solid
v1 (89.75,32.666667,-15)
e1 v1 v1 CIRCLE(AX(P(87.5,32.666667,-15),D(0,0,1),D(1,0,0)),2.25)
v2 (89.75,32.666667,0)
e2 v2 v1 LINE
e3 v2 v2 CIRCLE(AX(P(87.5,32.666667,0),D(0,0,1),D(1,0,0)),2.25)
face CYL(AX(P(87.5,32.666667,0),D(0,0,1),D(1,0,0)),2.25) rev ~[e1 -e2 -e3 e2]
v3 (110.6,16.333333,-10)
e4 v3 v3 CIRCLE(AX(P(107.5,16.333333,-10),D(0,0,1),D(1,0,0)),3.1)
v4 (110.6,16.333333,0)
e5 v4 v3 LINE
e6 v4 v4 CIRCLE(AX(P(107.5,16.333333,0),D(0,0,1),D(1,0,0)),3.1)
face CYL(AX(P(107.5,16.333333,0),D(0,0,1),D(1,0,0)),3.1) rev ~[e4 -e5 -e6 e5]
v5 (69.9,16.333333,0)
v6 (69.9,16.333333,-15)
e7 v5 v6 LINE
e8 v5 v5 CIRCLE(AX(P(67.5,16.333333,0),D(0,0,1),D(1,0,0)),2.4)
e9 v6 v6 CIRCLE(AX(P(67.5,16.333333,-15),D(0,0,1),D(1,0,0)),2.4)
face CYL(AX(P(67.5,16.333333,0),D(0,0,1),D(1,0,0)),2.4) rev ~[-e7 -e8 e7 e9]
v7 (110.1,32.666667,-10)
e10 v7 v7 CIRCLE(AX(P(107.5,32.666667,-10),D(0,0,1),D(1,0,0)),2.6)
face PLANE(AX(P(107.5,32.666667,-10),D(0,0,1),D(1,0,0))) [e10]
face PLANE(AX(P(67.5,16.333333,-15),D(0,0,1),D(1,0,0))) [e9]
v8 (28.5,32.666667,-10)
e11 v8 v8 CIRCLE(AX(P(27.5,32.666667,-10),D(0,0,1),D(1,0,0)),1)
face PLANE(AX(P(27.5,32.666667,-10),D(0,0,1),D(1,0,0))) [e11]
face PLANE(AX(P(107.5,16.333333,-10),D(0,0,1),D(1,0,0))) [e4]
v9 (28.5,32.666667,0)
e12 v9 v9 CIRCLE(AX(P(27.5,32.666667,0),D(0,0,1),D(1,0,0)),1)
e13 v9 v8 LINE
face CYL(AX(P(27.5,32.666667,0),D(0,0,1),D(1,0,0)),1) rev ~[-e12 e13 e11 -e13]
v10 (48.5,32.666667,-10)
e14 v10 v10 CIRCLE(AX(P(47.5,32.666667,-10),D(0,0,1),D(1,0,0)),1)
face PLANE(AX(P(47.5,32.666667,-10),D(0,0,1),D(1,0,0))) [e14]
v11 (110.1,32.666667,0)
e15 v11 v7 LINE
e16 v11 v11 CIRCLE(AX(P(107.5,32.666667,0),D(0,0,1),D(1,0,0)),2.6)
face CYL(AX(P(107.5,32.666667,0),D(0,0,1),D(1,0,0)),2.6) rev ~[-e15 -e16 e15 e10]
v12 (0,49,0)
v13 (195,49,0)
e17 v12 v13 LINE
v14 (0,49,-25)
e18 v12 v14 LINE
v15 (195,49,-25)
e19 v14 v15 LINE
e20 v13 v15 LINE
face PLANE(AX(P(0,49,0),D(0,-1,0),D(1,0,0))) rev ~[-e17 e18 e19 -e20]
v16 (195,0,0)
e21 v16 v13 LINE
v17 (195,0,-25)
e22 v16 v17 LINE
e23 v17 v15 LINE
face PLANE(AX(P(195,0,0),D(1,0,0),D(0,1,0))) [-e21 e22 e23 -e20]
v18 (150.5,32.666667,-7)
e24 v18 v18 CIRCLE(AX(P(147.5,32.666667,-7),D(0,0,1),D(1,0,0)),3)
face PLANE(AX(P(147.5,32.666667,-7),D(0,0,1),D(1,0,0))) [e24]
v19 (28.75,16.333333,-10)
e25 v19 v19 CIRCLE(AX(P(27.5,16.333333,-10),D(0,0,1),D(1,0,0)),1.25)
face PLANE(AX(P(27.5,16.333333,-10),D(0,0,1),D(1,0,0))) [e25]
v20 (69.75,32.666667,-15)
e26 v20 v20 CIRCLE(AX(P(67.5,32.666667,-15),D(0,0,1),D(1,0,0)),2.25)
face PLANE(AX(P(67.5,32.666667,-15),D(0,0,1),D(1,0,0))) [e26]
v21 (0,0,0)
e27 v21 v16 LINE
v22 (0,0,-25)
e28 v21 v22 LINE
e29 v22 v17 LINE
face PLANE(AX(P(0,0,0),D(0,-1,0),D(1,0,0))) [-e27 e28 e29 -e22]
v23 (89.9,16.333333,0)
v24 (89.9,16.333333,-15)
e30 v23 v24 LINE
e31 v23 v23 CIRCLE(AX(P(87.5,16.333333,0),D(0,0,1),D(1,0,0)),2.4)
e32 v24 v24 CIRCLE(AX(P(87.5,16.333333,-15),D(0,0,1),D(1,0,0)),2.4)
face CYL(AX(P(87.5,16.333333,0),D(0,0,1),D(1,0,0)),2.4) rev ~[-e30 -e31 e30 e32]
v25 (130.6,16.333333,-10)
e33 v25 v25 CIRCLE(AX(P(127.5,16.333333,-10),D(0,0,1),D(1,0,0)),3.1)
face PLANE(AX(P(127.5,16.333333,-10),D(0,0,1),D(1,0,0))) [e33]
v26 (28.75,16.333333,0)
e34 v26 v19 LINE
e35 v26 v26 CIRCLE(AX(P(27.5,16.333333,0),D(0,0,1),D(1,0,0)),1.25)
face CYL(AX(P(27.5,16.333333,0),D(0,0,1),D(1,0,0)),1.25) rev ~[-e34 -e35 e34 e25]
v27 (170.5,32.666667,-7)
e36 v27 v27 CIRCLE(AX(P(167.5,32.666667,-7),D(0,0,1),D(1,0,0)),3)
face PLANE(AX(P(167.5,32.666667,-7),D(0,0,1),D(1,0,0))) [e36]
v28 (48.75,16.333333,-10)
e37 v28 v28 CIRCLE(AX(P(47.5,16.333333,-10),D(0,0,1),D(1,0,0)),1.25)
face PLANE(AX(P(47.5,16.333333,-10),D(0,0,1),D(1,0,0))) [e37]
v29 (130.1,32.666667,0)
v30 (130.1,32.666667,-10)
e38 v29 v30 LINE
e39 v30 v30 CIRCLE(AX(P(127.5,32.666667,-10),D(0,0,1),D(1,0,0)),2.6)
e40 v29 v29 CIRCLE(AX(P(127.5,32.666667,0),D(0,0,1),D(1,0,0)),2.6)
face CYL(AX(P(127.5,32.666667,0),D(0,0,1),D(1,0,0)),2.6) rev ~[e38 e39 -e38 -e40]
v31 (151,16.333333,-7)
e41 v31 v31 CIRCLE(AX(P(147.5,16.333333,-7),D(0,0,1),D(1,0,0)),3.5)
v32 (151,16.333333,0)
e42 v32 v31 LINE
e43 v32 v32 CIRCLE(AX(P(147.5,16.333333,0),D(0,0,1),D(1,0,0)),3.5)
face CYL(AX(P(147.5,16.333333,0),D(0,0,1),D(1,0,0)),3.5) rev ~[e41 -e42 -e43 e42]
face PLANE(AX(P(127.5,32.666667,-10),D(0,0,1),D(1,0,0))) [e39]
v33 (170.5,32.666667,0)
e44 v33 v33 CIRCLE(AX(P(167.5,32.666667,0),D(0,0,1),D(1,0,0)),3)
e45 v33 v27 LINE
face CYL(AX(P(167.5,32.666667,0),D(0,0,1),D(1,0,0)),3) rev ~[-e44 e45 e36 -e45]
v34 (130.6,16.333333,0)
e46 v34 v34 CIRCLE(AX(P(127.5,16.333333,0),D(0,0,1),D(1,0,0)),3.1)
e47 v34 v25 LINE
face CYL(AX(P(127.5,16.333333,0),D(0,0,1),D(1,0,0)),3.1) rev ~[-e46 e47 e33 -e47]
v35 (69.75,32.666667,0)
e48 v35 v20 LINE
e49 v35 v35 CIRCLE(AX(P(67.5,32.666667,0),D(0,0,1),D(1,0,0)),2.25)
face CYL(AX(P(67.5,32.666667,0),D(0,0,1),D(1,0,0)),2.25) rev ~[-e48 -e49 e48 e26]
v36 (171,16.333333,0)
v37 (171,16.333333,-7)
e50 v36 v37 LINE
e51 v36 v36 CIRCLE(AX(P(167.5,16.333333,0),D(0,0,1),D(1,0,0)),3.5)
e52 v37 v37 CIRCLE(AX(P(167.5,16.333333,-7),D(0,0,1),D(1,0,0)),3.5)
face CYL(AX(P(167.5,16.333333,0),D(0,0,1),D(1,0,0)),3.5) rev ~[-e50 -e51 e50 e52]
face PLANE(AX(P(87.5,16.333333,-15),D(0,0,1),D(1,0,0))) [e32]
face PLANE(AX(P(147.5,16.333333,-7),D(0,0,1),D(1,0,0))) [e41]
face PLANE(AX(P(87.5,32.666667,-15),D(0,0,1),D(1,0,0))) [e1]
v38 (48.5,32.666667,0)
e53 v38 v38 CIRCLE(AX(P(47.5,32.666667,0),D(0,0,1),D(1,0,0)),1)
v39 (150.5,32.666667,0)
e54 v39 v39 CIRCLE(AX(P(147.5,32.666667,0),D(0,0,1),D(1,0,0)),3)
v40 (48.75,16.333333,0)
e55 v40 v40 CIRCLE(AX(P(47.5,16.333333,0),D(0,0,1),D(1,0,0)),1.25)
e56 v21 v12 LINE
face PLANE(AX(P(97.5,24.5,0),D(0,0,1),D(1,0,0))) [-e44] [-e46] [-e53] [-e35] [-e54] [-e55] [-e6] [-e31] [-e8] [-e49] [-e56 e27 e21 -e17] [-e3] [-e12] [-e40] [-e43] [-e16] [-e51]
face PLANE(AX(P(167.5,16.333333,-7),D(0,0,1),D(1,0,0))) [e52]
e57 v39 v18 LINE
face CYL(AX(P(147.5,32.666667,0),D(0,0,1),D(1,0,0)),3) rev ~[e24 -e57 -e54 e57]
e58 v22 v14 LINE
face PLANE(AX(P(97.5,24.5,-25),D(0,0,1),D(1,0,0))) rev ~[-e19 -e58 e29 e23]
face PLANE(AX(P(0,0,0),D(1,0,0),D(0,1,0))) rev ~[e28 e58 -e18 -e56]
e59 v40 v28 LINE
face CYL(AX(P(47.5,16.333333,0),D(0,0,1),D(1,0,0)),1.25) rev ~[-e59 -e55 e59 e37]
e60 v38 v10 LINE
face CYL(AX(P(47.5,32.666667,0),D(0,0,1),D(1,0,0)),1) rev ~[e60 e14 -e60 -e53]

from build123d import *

# Parameters (mm, degrees)
F0_W     = 195
F0_H     = 49
F0_R     = 1.25
F0_R_2   = 2.4
F0_R_3   = 3.1
F0_R_4   = 3.5
F0_R_5   = 1
F0_R_6   = 2.25
F0_R_7   = 2.6
F0_R_8   = 3
F1_DEPTH = 25
F2_DEPTH = 10
F3_DEPTH = 15
F4_DEPTH = 7


with BuildPart() as f1:
    # F0 (on Top) → F1 (new body)
    with BuildSketch(Plane.XY):
        with Locations((97.5, 24.5)):
            Rectangle(F0_W, F0_H)
        with Locations((27.5, 16.333333)):
            Circle(F0_R, mode=Mode.SUBTRACT)
        with Locations((47.5, 16.333333)):
            Circle(F0_R, mode=Mode.SUBTRACT)
        with Locations((67.5, 16.333333)):
            Circle(F0_R_2, mode=Mode.SUBTRACT)
        with Locations((87.5, 16.333333)):
            Circle(F0_R_2, mode=Mode.SUBTRACT)
        with Locations((107.5, 16.333333)):
            Circle(F0_R_3, mode=Mode.SUBTRACT)
        with Locations((127.5, 16.333333)):
            Circle(F0_R_3, mode=Mode.SUBTRACT)
        with Locations((147.5, 16.333333)):
            Circle(F0_R_4, mode=Mode.SUBTRACT)
        with Locations((167.5, 16.333333)):
            Circle(F0_R_4, mode=Mode.SUBTRACT)
        with Locations((27.5, 32.666667)):
            Circle(F0_R_5, mode=Mode.SUBTRACT)
        with Locations((47.5, 32.666667)):
            Circle(F0_R_5, mode=Mode.SUBTRACT)
        with Locations((67.5, 32.666667)):
            Circle(F0_R_6, mode=Mode.SUBTRACT)
        with Locations((87.5, 32.666667)):
            Circle(F0_R_6, mode=Mode.SUBTRACT)
        with Locations((107.5, 32.666667)):
            Circle(F0_R_7, mode=Mode.SUBTRACT)
        with Locations((127.5, 32.666667)):
            Circle(F0_R_7, mode=Mode.SUBTRACT)
        with Locations((147.5, 32.666667)):
            Circle(F0_R_8, mode=Mode.SUBTRACT)
        with Locations((167.5, 32.666667)):
            Circle(F0_R_8, mode=Mode.SUBTRACT)
        with Locations((27.5, 32.666667)):
            Circle(F0_R_5)
        with Locations((27.5, 16.333333)):
            Circle(F0_R)
        with Locations((47.5, 16.333333)):
            Circle(F0_R)
        with Locations((47.5, 32.666667)):
            Circle(F0_R_5)
        with Locations((67.5, 32.666667)):
            Circle(F0_R_6)
        with Locations((67.5, 16.333333)):
            Circle(F0_R_2)
        with Locations((87.5, 32.666667)):
            Circle(F0_R_6)
        with Locations((87.5, 16.333333)):
            Circle(F0_R_2)
        with Locations((107.5, 16.333333)):
            Circle(F0_R_3)
        with Locations((107.5, 32.666667)):
            Circle(F0_R_7)
        with Locations((147.5, 32.666667)):
            Circle(F0_R_8)
        with Locations((127.5, 32.666667)):
            Circle(F0_R_7)
        with Locations((127.5, 16.333333)):
            Circle(F0_R_3)
        with Locations((147.5, 16.333333)):
            Circle(F0_R_4)
        with Locations((167.5, 32.666667)):
            Circle(F0_R_8)
        with Locations((167.5, 16.333333)):
            Circle(F0_R_4)
    extrude(amount=-F1_DEPTH)

    # F0 (on Top) → F2 (cut)
    with BuildSketch(Plane.XY):
        with Locations((27.5, 32.666667)):
            Circle(F0_R_5)
        with Locations((47.5, 32.666667)):
            Circle(F0_R_5)
        with Locations((27.5, 16.333333)):
            Circle(F0_R)
        with Locations((47.5, 16.333333)):
            Circle(F0_R)
        with Locations((107.5, 32.666667)):
            Circle(F0_R_7)
        with Locations((107.5, 16.333333)):
            Circle(F0_R_3)
        with Locations((127.5, 32.666667)):
            Circle(F0_R_7)
        with Locations((127.5, 16.333333)):
            Circle(F0_R_3)
    extrude(amount=-F2_DEPTH, mode=Mode.SUBTRACT)

    # F0 (on Top) → F3 (cut)
    with BuildSketch(Plane.XY):
        with Locations((67.5, 32.666667)):
            Circle(F0_R_6)
        with Locations((87.5, 32.666667)):
            Circle(F0_R_6)
        with Locations((87.5, 16.333333)):
            Circle(F0_R_2)
        with Locations((67.5, 16.333333)):
            Circle(F0_R_2)
    extrude(amount=-F3_DEPTH, mode=Mode.SUBTRACT)

    # F0 (on Top) → F4 (cut)
    with BuildSketch(Plane.XY):
        with Locations((147.5, 32.666667)):
            Circle(F0_R_8)
        with Locations((147.5, 16.333333)):
            Circle(F0_R_4)
        with Locations((167.5, 16.333333)):
            Circle(F0_R_4)
        with Locations((167.5, 32.666667)):
            Circle(F0_R_8)
    extrude(amount=-F4_DEPTH, mode=Mode.SUBTRACT)


solid = f1.part
